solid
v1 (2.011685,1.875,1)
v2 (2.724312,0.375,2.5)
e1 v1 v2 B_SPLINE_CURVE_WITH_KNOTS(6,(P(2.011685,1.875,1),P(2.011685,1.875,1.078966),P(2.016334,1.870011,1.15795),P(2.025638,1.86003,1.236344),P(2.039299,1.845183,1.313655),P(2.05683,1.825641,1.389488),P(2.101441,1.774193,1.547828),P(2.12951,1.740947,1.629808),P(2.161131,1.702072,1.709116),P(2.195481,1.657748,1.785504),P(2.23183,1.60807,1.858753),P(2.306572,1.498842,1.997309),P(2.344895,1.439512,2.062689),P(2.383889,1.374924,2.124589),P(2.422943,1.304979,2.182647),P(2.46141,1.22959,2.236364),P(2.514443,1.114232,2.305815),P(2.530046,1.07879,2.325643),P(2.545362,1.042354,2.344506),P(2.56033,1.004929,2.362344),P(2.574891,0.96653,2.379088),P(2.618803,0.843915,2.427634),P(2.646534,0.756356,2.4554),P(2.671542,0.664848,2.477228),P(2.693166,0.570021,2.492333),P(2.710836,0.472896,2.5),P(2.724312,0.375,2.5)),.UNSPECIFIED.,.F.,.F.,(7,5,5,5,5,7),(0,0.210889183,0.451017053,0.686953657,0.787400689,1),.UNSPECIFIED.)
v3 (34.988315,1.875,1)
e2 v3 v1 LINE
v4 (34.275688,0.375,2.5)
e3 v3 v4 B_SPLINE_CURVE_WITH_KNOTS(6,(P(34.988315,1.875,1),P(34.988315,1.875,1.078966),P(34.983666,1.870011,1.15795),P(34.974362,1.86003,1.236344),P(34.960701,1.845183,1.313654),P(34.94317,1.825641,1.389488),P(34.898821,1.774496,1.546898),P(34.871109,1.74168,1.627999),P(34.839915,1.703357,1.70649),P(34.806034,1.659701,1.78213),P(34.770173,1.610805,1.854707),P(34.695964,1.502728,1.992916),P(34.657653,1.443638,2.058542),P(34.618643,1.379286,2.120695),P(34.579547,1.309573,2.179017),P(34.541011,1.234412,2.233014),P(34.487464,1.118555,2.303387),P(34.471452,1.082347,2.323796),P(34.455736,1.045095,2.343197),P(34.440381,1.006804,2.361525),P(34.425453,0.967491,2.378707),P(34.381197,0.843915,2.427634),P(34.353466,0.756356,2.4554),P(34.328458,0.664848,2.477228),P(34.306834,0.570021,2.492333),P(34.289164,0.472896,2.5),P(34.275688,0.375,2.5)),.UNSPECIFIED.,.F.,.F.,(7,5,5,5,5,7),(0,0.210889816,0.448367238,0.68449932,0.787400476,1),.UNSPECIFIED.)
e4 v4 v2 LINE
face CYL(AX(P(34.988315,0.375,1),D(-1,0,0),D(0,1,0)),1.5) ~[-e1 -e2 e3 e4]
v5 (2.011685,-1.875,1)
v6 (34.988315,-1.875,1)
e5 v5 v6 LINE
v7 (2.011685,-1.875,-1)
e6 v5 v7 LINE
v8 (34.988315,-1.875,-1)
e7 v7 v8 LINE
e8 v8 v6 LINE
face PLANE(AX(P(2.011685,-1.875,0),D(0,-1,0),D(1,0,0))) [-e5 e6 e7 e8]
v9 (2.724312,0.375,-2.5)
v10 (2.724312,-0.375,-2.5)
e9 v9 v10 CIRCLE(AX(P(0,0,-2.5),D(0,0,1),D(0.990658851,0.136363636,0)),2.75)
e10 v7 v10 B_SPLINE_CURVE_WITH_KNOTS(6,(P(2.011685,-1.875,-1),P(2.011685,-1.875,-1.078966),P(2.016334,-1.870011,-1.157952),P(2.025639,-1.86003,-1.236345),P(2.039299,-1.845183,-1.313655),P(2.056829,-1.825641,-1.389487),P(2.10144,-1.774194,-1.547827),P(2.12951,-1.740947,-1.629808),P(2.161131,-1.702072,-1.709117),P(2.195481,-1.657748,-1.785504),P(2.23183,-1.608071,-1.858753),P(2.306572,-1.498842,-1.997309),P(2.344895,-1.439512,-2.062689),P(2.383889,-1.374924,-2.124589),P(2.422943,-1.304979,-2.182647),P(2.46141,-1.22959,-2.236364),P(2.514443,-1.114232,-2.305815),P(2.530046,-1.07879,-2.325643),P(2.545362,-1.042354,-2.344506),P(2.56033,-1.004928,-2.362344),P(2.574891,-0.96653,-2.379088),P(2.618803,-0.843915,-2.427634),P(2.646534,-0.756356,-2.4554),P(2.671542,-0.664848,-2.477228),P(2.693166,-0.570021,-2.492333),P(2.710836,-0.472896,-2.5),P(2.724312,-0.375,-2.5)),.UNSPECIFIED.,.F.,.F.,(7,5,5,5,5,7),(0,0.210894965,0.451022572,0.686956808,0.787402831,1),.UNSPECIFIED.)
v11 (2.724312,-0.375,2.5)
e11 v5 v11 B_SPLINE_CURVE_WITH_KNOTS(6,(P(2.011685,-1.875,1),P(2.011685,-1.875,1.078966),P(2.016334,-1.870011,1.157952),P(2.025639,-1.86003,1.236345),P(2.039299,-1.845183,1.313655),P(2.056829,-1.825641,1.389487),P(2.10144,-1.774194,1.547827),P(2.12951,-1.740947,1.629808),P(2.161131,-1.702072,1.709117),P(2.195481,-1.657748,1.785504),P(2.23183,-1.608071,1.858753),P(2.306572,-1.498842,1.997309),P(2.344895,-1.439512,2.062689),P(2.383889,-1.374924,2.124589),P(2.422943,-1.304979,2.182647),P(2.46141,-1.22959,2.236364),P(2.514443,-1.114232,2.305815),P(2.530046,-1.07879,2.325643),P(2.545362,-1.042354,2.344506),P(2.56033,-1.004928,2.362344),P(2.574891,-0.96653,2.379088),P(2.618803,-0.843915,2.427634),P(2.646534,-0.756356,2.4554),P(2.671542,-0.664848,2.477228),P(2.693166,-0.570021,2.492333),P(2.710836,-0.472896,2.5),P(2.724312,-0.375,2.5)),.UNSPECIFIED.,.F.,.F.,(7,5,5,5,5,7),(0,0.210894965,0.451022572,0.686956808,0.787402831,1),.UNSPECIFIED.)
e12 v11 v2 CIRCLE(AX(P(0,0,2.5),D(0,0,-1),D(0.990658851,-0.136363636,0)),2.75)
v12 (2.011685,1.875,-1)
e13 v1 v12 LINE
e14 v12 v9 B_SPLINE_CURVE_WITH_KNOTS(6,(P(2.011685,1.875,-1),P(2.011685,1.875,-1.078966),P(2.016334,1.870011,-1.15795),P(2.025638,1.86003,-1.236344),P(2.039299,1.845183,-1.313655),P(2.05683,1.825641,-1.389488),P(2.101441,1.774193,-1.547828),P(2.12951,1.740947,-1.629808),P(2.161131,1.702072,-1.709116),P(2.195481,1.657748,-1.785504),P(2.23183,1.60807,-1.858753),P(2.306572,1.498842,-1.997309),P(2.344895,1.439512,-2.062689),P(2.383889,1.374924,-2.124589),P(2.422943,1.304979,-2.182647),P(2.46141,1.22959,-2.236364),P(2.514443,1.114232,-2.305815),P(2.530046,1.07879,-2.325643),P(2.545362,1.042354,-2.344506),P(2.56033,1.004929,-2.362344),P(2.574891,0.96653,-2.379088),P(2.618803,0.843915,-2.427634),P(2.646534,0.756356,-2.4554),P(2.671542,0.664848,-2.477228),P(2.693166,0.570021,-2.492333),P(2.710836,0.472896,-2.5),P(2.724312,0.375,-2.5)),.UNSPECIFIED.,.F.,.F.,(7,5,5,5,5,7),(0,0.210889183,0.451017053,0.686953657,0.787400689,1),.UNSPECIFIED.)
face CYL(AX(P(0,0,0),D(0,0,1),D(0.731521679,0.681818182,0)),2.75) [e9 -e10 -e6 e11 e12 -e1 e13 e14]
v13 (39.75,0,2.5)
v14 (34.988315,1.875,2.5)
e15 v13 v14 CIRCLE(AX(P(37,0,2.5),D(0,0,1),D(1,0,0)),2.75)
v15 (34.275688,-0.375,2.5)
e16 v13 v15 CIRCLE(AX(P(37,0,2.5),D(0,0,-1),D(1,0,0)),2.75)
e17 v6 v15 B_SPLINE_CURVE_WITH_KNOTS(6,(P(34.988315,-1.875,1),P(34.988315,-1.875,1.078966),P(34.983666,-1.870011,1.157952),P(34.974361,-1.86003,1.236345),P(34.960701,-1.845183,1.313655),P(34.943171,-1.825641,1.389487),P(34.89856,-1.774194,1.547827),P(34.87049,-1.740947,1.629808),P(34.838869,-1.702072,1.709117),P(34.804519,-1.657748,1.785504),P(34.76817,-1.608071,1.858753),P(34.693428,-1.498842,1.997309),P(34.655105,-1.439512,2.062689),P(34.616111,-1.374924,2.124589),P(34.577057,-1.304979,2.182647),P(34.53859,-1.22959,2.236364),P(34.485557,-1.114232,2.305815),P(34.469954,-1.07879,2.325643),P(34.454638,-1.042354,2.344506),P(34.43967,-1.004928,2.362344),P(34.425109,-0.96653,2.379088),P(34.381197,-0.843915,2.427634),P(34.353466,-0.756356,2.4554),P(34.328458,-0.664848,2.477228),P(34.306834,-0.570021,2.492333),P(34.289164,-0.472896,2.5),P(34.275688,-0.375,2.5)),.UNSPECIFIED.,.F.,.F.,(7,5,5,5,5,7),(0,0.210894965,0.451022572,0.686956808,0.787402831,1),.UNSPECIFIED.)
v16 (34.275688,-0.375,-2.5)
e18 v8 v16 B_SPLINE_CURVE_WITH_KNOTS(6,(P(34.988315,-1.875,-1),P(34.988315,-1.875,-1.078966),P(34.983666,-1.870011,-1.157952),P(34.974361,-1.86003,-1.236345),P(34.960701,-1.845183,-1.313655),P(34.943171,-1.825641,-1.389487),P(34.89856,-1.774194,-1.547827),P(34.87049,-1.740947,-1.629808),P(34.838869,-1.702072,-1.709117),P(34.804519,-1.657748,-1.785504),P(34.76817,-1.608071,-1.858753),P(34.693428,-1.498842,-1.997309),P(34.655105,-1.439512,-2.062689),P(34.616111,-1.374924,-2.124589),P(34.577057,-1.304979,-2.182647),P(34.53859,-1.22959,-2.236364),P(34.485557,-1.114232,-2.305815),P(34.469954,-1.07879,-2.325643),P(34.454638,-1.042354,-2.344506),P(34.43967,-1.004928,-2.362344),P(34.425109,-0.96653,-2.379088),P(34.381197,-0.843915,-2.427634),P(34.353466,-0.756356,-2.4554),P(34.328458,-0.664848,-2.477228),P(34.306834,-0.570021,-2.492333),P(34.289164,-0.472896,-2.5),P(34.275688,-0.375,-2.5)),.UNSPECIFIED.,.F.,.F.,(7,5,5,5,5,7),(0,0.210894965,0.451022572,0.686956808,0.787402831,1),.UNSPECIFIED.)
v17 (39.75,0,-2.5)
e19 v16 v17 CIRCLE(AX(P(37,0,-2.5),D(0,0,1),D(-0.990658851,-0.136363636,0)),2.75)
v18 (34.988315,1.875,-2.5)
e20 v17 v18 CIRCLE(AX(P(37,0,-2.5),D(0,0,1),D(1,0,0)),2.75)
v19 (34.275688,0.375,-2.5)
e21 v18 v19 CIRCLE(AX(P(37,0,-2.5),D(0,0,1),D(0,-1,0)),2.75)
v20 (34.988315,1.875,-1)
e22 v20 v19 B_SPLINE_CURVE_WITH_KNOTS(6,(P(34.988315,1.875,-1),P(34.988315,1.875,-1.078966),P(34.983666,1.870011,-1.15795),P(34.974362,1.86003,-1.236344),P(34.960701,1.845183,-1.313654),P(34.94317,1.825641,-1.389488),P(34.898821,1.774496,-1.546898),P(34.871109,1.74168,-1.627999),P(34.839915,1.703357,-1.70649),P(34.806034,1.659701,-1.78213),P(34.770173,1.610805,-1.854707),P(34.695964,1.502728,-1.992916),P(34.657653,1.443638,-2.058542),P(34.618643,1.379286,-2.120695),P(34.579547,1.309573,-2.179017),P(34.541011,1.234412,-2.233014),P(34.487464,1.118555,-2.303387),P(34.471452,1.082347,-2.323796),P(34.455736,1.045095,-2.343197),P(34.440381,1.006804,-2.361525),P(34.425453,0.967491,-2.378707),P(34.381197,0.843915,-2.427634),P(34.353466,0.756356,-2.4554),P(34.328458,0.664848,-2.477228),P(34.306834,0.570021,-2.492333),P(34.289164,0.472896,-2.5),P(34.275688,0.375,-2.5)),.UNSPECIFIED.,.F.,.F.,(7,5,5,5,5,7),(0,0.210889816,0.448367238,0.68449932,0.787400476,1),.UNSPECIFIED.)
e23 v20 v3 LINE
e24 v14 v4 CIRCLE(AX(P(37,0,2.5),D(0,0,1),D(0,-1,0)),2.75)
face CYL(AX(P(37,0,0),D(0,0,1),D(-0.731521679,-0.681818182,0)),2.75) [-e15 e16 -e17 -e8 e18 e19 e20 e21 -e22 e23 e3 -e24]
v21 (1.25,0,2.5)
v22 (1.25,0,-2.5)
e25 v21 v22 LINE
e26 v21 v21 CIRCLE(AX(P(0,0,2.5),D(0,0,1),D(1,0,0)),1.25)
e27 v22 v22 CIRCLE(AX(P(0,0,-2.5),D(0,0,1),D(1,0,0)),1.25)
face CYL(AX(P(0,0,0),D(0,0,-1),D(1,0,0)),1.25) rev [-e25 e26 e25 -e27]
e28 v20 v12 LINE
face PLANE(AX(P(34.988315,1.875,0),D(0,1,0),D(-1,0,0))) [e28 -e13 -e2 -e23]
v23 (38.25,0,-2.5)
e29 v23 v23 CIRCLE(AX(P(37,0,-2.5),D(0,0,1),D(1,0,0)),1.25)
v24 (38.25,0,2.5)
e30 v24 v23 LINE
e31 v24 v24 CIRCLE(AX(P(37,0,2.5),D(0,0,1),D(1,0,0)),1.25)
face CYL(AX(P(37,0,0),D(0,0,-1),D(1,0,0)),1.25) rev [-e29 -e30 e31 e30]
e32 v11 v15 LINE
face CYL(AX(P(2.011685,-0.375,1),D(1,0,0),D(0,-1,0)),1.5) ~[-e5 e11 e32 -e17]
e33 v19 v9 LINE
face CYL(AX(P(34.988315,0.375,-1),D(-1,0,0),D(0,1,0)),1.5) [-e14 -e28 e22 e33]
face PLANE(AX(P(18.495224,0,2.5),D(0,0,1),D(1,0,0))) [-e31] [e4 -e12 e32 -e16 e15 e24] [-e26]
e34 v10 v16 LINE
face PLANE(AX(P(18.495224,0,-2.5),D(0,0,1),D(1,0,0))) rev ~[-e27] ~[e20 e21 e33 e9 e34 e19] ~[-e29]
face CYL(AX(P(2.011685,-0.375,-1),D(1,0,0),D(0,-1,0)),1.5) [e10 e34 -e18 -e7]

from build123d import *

# Parameters (mm, degrees)
F0_R     = 1.25
F1_DEPTH = 2.5
F2_R     = 1.5


with BuildPart() as f1:
    # F0 (on Top) → F1 (new body, symmetric)
    with BuildSketch(Plane.XY):
        with BuildLine():
            ThreePointArc((2.0116846174, 1.875), (2.5587724301, 1.0075632243), (2.75, 0))
            ThreePointArc((2.75, 0), (2.5587724301, -1.0075632243), (2.0116846174, -1.875))
            Line((2.0116846174, -1.875), (34.9883153826, -1.875))
            ThreePointArc((34.9883153826, -1.875), (34.25, 0), (34.9883153826, 1.875))
            Line((34.9883153826, 1.875), (2.0116846174, 1.875))
        make_face()
        with BuildLine():
            ThreePointArc((2.0116846174, -1.875), (2.5587724301, -1.0075632243), (2.75, 0))
            ThreePointArc((2.75, 0), (2.5587724301, 1.0075632243), (2.0116846174, 1.875))
            ThreePointArc((2.0116846174, 1.875), (-2.75, 0), (2.0116846174, -1.875))
        make_face()
        Circle(F0_R, mode=Mode.SUBTRACT)
        with BuildLine():
            ThreePointArc((39.75, 0), (38.0075632243, 2.5587724301), (34.9883153826, 1.875))
            ThreePointArc((34.9883153826, 1.875), (34.25, 0), (34.9883153826, -1.875))
            ThreePointArc((34.9883153826, -1.875), (38.0075632243, -2.5587724301), (39.75, 0))
        make_face()
        with Locations((37, 0)):
            Circle(F0_R, mode=Mode.SUBTRACT)
    extrude(amount=F1_DEPTH, both=True)

    # F2
    f2_edges = [f1.edges().sort_by_distance(p)[0] for p in [
        (18.5, 1.875, 2.5),
        (18.5, -1.875, 2.5),
        (18.5, -1.875, -2.5),
        (18.5, 1.875, -2.5),
    ]]
    fillet(f2_edges, radius=F2_R)


solid = f1.part
